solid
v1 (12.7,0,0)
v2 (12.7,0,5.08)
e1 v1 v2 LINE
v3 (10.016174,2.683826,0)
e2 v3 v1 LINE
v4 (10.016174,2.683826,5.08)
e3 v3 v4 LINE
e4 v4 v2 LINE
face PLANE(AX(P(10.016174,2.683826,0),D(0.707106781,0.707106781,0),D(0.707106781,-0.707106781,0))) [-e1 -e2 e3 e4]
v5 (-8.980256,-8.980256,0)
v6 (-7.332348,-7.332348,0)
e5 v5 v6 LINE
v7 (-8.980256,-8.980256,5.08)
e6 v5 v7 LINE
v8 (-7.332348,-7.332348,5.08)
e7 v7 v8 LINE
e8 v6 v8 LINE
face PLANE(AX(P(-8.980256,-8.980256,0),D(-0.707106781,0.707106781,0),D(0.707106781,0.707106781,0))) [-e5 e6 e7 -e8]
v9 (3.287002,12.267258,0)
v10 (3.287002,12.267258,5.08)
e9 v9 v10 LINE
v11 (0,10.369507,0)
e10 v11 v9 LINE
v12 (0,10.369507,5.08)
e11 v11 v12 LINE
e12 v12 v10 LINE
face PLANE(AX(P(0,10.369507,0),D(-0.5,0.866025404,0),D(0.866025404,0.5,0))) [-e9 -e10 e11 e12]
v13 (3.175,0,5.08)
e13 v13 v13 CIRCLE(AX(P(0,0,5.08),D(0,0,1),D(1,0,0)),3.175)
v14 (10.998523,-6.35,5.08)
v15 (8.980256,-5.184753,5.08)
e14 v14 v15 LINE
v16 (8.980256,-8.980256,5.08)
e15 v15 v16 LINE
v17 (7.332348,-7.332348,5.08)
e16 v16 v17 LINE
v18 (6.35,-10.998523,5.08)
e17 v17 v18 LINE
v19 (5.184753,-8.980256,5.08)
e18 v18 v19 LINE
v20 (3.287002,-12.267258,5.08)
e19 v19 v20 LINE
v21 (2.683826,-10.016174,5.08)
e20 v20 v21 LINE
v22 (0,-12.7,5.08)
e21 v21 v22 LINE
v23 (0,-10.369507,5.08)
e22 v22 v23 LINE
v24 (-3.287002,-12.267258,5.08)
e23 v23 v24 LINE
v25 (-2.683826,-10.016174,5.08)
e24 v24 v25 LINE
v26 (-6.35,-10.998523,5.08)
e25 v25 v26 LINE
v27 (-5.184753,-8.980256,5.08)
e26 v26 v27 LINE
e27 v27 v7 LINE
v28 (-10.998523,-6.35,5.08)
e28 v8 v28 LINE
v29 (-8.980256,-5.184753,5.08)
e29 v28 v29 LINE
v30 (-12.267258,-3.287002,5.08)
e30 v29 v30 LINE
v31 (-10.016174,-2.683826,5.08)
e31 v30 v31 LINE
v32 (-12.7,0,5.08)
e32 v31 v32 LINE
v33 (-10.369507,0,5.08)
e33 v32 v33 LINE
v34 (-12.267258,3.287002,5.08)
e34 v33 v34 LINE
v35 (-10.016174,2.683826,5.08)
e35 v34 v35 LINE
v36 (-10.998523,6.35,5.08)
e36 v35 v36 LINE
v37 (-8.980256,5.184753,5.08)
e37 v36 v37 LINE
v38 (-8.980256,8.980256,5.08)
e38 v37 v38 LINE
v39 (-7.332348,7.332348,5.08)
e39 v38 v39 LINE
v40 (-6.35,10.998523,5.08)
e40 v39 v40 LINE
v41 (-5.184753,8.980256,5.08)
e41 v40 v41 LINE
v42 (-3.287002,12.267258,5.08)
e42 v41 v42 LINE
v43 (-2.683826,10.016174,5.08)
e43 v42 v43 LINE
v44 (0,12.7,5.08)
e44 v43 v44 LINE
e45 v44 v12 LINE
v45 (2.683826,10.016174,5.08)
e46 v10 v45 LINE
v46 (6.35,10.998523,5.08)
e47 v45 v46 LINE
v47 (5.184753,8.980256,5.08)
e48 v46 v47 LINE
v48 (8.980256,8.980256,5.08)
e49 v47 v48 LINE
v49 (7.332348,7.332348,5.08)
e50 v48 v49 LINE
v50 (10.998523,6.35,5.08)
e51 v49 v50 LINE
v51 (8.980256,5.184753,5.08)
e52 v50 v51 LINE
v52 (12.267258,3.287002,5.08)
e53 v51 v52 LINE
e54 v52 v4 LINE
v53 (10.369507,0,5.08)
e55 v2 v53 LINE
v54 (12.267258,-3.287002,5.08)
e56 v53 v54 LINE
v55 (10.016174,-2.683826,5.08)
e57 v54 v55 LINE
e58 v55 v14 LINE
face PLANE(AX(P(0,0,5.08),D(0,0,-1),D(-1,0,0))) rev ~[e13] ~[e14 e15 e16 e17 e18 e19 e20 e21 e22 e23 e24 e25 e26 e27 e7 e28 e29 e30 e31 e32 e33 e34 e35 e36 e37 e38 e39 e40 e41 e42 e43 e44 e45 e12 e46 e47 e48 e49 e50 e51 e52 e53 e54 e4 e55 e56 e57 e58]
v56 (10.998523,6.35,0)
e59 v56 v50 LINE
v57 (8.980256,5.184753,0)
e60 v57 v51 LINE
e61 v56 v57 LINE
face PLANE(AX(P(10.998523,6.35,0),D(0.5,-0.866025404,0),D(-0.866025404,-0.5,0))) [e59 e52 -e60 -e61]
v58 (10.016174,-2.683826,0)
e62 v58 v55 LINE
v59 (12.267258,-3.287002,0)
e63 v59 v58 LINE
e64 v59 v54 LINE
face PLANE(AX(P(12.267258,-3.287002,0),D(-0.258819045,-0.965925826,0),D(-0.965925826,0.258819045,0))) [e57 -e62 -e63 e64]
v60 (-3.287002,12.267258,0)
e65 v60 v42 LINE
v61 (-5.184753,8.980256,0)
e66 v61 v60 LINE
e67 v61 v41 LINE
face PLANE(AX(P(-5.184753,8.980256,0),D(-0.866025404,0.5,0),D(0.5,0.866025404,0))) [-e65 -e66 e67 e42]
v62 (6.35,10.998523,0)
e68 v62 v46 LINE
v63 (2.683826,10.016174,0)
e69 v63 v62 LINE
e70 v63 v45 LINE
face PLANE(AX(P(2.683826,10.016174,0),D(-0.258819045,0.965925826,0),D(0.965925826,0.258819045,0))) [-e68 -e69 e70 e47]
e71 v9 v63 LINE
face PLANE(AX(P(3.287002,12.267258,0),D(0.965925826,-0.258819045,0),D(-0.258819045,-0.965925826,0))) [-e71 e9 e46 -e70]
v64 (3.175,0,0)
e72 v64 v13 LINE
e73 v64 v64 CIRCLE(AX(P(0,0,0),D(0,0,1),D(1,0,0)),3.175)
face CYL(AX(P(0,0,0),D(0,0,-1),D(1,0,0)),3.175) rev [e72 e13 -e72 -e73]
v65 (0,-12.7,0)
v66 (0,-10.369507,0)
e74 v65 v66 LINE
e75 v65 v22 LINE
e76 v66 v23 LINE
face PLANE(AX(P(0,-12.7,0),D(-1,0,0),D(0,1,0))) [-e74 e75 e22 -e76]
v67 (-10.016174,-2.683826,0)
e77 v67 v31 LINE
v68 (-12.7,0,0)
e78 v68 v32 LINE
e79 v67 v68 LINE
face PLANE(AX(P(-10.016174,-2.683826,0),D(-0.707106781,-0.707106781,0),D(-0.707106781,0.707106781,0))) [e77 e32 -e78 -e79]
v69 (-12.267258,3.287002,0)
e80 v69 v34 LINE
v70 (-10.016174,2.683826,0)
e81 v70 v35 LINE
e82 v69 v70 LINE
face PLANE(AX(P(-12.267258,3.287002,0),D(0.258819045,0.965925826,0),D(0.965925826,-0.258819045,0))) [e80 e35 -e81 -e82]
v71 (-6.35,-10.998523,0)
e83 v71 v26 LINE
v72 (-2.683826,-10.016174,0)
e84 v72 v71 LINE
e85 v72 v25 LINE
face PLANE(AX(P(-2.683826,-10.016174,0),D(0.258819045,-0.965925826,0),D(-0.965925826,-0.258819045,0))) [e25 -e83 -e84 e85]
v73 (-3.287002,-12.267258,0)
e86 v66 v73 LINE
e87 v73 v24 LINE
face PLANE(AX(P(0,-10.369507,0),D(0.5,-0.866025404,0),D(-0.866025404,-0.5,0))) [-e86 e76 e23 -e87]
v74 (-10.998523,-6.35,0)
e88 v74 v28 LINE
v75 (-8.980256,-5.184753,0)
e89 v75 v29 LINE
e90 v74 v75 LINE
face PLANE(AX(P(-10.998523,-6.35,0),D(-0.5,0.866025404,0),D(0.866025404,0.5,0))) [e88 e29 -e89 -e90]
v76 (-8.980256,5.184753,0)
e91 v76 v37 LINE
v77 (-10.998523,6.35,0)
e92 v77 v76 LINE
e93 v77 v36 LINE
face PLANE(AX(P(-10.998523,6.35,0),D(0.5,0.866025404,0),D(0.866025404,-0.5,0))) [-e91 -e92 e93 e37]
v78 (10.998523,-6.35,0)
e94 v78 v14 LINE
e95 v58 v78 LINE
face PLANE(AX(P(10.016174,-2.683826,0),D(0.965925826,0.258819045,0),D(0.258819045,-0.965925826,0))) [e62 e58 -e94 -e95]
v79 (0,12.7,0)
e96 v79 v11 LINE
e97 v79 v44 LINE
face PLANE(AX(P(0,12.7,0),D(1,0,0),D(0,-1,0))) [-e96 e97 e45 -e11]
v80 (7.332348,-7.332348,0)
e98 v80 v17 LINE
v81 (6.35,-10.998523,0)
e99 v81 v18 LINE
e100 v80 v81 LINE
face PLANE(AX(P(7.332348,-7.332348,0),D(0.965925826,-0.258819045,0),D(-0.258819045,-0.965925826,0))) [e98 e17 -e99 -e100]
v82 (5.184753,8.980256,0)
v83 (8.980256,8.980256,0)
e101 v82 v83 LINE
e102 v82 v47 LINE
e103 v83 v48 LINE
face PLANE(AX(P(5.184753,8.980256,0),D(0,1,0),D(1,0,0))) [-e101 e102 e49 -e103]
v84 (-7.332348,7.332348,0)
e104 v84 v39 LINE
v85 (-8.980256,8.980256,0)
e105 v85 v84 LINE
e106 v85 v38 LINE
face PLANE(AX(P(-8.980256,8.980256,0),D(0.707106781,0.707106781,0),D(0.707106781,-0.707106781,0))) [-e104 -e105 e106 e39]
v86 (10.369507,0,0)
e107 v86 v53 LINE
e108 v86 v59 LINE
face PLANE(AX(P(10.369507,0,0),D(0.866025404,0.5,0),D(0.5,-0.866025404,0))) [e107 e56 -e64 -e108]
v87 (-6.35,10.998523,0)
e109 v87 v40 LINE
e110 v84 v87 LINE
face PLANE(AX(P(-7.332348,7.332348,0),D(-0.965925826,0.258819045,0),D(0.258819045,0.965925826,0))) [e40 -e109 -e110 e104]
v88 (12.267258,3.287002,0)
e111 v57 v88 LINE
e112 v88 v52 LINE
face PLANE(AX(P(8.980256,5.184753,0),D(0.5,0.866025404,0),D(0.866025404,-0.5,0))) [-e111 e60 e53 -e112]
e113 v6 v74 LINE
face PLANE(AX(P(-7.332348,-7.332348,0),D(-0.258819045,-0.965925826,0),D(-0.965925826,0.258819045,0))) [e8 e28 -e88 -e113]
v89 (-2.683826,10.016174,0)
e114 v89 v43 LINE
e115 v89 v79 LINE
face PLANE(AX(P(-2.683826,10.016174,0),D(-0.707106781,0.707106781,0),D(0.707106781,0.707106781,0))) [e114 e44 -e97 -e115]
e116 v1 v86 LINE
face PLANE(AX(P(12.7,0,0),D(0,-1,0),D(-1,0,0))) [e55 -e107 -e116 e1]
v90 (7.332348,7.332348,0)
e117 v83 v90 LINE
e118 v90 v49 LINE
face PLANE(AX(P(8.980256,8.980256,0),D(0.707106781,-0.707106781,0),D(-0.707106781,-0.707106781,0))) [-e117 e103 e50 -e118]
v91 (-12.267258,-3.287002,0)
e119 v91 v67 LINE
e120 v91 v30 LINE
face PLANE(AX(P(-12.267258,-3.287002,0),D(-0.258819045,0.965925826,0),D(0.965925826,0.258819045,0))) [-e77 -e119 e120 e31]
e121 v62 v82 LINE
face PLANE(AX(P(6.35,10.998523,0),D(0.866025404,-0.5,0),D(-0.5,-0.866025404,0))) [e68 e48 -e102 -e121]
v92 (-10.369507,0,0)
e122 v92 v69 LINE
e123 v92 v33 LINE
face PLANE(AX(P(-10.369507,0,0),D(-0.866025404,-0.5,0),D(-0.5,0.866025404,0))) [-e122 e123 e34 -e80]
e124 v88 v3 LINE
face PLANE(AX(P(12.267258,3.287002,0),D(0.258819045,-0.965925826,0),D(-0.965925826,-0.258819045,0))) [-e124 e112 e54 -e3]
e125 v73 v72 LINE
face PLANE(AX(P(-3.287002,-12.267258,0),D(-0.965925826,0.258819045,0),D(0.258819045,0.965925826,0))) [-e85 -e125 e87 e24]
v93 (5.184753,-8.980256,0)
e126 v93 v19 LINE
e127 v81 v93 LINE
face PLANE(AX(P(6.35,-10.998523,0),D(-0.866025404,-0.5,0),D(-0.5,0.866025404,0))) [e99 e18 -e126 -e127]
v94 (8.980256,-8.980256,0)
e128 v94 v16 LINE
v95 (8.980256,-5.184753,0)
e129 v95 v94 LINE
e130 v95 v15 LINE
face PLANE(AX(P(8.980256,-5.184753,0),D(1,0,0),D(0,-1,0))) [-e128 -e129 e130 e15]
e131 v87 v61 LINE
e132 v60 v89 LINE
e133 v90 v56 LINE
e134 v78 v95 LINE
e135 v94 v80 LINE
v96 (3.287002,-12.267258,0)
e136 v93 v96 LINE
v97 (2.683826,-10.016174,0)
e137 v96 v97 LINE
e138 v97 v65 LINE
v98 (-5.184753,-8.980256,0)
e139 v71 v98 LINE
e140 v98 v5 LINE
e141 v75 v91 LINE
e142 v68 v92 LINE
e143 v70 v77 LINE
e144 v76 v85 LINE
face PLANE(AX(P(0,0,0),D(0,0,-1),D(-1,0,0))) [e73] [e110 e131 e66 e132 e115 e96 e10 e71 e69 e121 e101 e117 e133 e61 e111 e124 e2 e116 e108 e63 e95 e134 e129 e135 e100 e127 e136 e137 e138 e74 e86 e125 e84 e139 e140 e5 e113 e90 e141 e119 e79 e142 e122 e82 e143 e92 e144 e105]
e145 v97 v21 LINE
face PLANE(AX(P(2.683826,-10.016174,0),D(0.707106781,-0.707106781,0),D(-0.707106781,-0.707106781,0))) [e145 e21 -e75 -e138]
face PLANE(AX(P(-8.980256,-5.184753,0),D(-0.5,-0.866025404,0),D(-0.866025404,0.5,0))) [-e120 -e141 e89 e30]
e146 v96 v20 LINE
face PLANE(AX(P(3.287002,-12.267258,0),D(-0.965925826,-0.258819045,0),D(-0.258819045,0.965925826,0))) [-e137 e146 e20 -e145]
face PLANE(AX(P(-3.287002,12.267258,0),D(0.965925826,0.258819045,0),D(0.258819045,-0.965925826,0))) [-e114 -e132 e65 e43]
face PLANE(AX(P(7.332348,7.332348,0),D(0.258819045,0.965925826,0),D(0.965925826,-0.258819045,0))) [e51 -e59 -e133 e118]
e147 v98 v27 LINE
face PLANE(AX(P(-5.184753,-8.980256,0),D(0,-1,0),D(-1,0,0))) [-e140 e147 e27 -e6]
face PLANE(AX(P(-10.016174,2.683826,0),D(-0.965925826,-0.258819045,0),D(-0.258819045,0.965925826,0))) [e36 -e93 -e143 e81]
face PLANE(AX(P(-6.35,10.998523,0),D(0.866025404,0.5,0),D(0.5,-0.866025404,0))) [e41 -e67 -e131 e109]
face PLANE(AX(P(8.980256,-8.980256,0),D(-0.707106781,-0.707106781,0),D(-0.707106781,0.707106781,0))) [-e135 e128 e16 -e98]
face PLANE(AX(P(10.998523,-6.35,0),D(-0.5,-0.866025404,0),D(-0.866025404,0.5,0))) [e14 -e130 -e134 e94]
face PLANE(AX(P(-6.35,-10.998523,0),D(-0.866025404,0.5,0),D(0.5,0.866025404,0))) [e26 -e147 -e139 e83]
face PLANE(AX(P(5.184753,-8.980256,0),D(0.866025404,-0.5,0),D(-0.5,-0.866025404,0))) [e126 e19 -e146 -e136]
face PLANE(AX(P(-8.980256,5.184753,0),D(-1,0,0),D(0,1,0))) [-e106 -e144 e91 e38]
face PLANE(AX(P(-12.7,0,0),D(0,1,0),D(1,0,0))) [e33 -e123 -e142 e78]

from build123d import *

# Parameters (mm, degrees)
SKETCH1_R           = 3.175
BOSS_EXTRUDE1_DEPTH = 5.08


with BuildPart() as part:
    # Sketch1 → Boss-Extrude1 (new body)
    with BuildSketch(Plane.XY):
        Polygon((-2.683825791, 10.016174209), (0, 12.7), (0, 10.369506578), (3.287001873, 12.267257994), (2.683825791, 10.016174209), (6.35, 10.998522628), (5.184753289, 8.980256121), (8.980256121, 8.980256121), (7.332348419, 7.332348419), (10.998522628, 6.35), (8.980256121, 5.184753289), (12.267257994, 3.287001873), (10.016174209, 2.683825791), (12.7, 0), (10.369506578, 0), (12.267257994, -3.287001873), (10.016174209, -2.683825791), (10.998522628, -6.35), (8.980256121, -5.184753289), (8.980256121, -8.980256121), (7.332348419, -7.332348419), (6.35, -10.998522628), (5.184753289, -8.980256121), (3.287001873, -12.267257994), (2.683825791, -10.016174209), (0, -12.7), (0, -10.369506578), (-3.287001873, -12.267257994), (-2.683825791, -10.016174209), (-6.35, -10.998522628), (-5.184753289, -8.980256121), (-8.980256121, -8.980256121), (-7.332348419, -7.332348419), (-10.998522628, -6.35), (-8.980256121, -5.184753289), (-12.267257994, -3.287001873), (-10.016174209, -2.683825791), (-12.7, 0), (-10.369506578, 0), (-12.267257994, 3.287001873), (-10.016174209, 2.683825791), (-10.998522628, 6.35), (-8.980256121, 5.184753289), (-8.980256121, 8.980256121), (-7.332348419, 7.332348419), (-6.35, 10.998522628), (-5.184753289, 8.980256121), (-3.287001873, 12.267257994), align=None)
        Circle(SKETCH1_R, mode=Mode.SUBTRACT)
    extrude(amount=BOSS_EXTRUDE1_DEPTH)


solid = part.part
